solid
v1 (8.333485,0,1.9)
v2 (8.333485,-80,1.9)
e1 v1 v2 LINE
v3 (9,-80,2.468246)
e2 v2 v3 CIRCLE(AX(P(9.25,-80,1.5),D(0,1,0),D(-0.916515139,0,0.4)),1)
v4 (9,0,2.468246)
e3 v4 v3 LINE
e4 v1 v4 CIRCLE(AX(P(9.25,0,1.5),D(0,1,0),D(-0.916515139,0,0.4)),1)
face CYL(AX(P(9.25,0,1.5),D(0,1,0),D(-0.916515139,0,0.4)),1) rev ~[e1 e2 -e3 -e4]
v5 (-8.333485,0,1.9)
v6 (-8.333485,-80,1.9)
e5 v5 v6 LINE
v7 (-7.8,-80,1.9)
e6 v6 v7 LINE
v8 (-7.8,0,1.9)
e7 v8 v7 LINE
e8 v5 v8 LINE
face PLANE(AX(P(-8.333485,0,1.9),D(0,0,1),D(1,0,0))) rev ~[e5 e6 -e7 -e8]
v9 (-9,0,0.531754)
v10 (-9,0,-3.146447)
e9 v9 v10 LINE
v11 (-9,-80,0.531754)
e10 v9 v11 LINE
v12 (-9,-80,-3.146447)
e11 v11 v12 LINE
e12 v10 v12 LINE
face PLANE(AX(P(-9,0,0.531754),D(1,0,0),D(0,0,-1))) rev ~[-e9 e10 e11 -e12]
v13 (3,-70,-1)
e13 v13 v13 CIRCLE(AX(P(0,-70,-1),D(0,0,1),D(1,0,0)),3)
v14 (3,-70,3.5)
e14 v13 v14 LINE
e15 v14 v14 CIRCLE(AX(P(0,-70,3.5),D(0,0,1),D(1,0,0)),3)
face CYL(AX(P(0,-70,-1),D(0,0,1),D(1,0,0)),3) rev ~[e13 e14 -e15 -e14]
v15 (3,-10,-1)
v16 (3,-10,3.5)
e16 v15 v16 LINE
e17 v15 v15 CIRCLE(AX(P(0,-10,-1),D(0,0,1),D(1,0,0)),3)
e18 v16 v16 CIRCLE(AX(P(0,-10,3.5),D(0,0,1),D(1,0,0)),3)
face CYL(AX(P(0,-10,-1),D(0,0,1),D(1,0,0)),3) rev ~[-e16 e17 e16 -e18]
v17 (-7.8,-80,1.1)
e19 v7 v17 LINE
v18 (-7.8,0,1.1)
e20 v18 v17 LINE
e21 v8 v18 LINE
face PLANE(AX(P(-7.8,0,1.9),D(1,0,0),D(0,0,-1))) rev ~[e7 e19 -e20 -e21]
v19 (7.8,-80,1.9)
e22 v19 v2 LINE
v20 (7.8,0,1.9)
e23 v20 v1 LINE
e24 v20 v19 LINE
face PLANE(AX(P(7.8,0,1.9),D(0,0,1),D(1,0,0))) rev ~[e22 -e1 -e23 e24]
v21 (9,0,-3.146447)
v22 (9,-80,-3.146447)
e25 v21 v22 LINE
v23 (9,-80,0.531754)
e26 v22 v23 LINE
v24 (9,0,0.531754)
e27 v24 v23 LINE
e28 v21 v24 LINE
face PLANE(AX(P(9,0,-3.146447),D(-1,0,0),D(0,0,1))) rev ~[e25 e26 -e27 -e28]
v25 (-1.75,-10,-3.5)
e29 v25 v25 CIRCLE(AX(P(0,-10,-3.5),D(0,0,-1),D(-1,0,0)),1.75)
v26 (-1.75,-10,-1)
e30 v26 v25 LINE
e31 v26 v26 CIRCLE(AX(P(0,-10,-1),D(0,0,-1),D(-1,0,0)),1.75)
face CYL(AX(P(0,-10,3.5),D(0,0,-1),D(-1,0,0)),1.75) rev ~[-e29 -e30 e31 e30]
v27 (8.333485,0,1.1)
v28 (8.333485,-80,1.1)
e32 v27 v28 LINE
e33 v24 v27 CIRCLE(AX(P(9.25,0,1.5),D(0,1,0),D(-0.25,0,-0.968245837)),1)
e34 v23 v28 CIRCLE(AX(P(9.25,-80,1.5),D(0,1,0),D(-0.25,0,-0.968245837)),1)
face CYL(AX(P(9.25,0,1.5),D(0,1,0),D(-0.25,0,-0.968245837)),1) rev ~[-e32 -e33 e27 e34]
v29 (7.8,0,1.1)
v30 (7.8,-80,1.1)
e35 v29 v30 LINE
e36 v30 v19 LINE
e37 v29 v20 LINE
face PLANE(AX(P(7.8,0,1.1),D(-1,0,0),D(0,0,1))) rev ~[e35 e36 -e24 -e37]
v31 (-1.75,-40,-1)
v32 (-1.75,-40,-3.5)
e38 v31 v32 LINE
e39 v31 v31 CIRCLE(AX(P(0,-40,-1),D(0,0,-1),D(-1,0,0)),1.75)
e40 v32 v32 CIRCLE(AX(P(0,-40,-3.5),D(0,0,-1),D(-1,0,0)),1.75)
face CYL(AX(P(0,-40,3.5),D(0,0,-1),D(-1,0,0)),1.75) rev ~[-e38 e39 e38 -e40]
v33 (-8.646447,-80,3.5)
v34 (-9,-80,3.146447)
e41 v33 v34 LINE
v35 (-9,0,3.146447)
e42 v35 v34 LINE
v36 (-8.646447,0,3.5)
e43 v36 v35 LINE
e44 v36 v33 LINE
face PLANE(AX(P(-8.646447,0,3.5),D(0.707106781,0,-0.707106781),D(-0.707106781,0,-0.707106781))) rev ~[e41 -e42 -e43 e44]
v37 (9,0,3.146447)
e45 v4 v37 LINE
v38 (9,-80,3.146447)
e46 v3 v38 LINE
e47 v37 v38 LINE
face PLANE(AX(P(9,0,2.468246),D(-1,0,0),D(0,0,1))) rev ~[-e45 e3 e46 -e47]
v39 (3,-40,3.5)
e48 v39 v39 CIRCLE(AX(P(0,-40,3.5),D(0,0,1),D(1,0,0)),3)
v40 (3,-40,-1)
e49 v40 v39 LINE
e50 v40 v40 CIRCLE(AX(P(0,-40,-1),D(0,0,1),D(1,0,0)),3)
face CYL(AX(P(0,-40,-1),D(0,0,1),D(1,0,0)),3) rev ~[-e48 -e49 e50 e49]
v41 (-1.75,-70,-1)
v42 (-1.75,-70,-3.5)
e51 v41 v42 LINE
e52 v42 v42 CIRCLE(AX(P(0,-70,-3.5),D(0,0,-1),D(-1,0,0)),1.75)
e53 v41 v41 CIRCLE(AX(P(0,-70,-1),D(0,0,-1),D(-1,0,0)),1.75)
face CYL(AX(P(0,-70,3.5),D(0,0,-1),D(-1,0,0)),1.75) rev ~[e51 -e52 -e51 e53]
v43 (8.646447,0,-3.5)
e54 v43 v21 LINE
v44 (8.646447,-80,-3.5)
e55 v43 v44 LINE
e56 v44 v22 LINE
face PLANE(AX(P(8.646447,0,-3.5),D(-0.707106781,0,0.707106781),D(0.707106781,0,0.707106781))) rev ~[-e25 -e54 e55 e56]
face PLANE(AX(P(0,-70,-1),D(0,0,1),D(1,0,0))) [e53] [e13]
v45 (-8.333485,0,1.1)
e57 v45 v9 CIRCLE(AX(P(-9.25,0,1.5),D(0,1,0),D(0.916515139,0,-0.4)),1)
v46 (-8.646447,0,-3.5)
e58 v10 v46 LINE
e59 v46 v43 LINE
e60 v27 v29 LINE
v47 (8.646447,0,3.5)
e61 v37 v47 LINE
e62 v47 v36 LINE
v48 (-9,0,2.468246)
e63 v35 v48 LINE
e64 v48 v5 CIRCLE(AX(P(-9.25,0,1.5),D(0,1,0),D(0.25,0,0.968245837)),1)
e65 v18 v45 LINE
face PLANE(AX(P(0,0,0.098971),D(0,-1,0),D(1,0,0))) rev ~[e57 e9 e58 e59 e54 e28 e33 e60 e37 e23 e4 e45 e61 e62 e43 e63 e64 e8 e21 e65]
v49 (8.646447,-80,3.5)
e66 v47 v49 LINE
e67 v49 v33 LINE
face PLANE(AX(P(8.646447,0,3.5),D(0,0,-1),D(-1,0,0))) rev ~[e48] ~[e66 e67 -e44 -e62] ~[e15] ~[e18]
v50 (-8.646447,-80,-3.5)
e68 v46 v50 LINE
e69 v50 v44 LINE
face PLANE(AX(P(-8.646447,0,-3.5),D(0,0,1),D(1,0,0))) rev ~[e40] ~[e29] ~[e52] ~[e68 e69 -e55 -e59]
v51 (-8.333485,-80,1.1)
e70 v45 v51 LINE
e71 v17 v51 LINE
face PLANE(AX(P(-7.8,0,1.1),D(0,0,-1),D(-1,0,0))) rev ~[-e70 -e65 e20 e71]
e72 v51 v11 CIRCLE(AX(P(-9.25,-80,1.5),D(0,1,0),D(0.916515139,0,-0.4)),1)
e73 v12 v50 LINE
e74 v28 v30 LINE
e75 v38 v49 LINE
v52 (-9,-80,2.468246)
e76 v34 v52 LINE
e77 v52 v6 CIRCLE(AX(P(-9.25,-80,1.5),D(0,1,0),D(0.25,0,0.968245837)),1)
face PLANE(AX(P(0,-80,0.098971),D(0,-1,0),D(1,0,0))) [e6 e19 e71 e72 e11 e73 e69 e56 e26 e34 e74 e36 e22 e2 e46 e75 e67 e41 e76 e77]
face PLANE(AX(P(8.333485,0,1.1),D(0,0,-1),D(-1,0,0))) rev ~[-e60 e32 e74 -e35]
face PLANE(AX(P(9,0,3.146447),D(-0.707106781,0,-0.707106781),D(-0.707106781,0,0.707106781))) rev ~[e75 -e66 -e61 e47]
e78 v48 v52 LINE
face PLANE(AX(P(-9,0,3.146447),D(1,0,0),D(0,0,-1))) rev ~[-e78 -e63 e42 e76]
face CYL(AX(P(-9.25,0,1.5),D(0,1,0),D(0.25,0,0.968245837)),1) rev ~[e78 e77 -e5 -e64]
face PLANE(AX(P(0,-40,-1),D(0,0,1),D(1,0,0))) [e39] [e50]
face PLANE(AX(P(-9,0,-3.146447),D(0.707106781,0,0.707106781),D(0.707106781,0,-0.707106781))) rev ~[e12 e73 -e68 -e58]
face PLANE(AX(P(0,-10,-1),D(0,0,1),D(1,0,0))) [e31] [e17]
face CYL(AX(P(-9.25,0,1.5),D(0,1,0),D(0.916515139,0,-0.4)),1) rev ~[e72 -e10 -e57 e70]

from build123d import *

# Parameters (mm, degrees)
F4_DEPTH       = 80
F6_D           = 3.5
F6_CBORE_D     = 6
F6_CBORE_DEPTH = 4.5


with BuildPart() as f4:
    # F3 (on Front) → F4 (new body)
    with BuildSketch(Plane.XZ):
        with BuildLine():
            Line((-8.6464466094, -3.5), (0, -3.5))
            Line((0, -3.5), (8.6464466094, -3.5))
            Line((8.6464466094, -3.5), (9, -3.1464466094))
            Line((9, -3.1464466094), (9, 0.5317541634))
            ThreePointArc((9, 0.5317541634), (8.6012202029, 0.7390238013), (8.333484861, 1.1))
            Line((8.333484861, 1.1), (7.8, 1.1))
            Line((7.8, 1.1), (7.8, 1.9))
            Line((7.8, 1.9), (8.333484861, 1.9))
            ThreePointArc((8.333484861, 1.9), (8.6012202029, 2.2609761987), (9, 2.4682458366))
            Line((9, 2.4682458366), (9, 3.1464466094))
            Line((9, 3.1464466094), (8.6464466094, 3.5))
            Line((8.6464466094, 3.5), (0, 3.5))
            Line((0, 3.5), (-8.6464466094, 3.5))
            Line((-8.6464466094, 3.5), (-9, 3.1464466094))
            Line((-9, 3.1464466094), (-9, 2.4682458366))
            ThreePointArc((-9, 2.4682458366), (-8.6012202029, 2.2609761987), (-8.333484861, 1.9))
            Line((-8.333484861, 1.9), (-7.8, 1.9))
            Line((-7.8, 1.9), (-7.8, 1.1))
            Line((-7.8, 1.1), (-8.333484861, 1.1))
            ThreePointArc((-8.333484861, 1.1), (-8.6012202029, 0.7390238013), (-9, 0.5317541634))
            Line((-9, 0.5317541634), (-9, -3.1464466094))
            Line((-9, -3.1464466094), (-8.6464466094, -3.5))
        make_face()
    extrude(amount=F4_DEPTH)

    # F6 (through all)
    with Locations(Plane.XY.offset(3.5)):
        with Locations((0, -460), (0, -1090), (0, -790), (0, -160), (0, -580), (0, -640), (0, -190), (0, -10), (0, -130), (0, -730), (0, -100), (0, -610), (0, -40), (0, -1180), (0, -340), (0, -1150), (0, -1120), (0, -760), (0, -940), (0, -1030), (0, -700), (0, -400), (0, -550), (0, -490), (0, -910), (0, -220), (0, -670), (0, -280), (0, -970), (0, -850), (0, -310), (0, -70), (0, -1060), (0, -880), (0, -1000), (0, -520), (0, -250), (0, -370), (0, -820), (0, -430), (0, -1420), (0, -1900), (0, -1450), (0, -1330), (0, -1510), (0, -1540), (0, -1930), (0, -1960), (0, -1480), (0, -1390), (0, -1870), (0, -1570), (0, -1360), (0, -1210), (0, -1810), (0, -1690), (0, -1840), (0, -1630), (0, -1240), (0, -1270), (0, -1600), (0, -1780), (0, -1300), (0, -1720), (0, -1750), (0, -1660)):
            CounterBoreHole(F6_D / 2, F6_CBORE_D / 2, F6_CBORE_DEPTH)


solid = f4.part
